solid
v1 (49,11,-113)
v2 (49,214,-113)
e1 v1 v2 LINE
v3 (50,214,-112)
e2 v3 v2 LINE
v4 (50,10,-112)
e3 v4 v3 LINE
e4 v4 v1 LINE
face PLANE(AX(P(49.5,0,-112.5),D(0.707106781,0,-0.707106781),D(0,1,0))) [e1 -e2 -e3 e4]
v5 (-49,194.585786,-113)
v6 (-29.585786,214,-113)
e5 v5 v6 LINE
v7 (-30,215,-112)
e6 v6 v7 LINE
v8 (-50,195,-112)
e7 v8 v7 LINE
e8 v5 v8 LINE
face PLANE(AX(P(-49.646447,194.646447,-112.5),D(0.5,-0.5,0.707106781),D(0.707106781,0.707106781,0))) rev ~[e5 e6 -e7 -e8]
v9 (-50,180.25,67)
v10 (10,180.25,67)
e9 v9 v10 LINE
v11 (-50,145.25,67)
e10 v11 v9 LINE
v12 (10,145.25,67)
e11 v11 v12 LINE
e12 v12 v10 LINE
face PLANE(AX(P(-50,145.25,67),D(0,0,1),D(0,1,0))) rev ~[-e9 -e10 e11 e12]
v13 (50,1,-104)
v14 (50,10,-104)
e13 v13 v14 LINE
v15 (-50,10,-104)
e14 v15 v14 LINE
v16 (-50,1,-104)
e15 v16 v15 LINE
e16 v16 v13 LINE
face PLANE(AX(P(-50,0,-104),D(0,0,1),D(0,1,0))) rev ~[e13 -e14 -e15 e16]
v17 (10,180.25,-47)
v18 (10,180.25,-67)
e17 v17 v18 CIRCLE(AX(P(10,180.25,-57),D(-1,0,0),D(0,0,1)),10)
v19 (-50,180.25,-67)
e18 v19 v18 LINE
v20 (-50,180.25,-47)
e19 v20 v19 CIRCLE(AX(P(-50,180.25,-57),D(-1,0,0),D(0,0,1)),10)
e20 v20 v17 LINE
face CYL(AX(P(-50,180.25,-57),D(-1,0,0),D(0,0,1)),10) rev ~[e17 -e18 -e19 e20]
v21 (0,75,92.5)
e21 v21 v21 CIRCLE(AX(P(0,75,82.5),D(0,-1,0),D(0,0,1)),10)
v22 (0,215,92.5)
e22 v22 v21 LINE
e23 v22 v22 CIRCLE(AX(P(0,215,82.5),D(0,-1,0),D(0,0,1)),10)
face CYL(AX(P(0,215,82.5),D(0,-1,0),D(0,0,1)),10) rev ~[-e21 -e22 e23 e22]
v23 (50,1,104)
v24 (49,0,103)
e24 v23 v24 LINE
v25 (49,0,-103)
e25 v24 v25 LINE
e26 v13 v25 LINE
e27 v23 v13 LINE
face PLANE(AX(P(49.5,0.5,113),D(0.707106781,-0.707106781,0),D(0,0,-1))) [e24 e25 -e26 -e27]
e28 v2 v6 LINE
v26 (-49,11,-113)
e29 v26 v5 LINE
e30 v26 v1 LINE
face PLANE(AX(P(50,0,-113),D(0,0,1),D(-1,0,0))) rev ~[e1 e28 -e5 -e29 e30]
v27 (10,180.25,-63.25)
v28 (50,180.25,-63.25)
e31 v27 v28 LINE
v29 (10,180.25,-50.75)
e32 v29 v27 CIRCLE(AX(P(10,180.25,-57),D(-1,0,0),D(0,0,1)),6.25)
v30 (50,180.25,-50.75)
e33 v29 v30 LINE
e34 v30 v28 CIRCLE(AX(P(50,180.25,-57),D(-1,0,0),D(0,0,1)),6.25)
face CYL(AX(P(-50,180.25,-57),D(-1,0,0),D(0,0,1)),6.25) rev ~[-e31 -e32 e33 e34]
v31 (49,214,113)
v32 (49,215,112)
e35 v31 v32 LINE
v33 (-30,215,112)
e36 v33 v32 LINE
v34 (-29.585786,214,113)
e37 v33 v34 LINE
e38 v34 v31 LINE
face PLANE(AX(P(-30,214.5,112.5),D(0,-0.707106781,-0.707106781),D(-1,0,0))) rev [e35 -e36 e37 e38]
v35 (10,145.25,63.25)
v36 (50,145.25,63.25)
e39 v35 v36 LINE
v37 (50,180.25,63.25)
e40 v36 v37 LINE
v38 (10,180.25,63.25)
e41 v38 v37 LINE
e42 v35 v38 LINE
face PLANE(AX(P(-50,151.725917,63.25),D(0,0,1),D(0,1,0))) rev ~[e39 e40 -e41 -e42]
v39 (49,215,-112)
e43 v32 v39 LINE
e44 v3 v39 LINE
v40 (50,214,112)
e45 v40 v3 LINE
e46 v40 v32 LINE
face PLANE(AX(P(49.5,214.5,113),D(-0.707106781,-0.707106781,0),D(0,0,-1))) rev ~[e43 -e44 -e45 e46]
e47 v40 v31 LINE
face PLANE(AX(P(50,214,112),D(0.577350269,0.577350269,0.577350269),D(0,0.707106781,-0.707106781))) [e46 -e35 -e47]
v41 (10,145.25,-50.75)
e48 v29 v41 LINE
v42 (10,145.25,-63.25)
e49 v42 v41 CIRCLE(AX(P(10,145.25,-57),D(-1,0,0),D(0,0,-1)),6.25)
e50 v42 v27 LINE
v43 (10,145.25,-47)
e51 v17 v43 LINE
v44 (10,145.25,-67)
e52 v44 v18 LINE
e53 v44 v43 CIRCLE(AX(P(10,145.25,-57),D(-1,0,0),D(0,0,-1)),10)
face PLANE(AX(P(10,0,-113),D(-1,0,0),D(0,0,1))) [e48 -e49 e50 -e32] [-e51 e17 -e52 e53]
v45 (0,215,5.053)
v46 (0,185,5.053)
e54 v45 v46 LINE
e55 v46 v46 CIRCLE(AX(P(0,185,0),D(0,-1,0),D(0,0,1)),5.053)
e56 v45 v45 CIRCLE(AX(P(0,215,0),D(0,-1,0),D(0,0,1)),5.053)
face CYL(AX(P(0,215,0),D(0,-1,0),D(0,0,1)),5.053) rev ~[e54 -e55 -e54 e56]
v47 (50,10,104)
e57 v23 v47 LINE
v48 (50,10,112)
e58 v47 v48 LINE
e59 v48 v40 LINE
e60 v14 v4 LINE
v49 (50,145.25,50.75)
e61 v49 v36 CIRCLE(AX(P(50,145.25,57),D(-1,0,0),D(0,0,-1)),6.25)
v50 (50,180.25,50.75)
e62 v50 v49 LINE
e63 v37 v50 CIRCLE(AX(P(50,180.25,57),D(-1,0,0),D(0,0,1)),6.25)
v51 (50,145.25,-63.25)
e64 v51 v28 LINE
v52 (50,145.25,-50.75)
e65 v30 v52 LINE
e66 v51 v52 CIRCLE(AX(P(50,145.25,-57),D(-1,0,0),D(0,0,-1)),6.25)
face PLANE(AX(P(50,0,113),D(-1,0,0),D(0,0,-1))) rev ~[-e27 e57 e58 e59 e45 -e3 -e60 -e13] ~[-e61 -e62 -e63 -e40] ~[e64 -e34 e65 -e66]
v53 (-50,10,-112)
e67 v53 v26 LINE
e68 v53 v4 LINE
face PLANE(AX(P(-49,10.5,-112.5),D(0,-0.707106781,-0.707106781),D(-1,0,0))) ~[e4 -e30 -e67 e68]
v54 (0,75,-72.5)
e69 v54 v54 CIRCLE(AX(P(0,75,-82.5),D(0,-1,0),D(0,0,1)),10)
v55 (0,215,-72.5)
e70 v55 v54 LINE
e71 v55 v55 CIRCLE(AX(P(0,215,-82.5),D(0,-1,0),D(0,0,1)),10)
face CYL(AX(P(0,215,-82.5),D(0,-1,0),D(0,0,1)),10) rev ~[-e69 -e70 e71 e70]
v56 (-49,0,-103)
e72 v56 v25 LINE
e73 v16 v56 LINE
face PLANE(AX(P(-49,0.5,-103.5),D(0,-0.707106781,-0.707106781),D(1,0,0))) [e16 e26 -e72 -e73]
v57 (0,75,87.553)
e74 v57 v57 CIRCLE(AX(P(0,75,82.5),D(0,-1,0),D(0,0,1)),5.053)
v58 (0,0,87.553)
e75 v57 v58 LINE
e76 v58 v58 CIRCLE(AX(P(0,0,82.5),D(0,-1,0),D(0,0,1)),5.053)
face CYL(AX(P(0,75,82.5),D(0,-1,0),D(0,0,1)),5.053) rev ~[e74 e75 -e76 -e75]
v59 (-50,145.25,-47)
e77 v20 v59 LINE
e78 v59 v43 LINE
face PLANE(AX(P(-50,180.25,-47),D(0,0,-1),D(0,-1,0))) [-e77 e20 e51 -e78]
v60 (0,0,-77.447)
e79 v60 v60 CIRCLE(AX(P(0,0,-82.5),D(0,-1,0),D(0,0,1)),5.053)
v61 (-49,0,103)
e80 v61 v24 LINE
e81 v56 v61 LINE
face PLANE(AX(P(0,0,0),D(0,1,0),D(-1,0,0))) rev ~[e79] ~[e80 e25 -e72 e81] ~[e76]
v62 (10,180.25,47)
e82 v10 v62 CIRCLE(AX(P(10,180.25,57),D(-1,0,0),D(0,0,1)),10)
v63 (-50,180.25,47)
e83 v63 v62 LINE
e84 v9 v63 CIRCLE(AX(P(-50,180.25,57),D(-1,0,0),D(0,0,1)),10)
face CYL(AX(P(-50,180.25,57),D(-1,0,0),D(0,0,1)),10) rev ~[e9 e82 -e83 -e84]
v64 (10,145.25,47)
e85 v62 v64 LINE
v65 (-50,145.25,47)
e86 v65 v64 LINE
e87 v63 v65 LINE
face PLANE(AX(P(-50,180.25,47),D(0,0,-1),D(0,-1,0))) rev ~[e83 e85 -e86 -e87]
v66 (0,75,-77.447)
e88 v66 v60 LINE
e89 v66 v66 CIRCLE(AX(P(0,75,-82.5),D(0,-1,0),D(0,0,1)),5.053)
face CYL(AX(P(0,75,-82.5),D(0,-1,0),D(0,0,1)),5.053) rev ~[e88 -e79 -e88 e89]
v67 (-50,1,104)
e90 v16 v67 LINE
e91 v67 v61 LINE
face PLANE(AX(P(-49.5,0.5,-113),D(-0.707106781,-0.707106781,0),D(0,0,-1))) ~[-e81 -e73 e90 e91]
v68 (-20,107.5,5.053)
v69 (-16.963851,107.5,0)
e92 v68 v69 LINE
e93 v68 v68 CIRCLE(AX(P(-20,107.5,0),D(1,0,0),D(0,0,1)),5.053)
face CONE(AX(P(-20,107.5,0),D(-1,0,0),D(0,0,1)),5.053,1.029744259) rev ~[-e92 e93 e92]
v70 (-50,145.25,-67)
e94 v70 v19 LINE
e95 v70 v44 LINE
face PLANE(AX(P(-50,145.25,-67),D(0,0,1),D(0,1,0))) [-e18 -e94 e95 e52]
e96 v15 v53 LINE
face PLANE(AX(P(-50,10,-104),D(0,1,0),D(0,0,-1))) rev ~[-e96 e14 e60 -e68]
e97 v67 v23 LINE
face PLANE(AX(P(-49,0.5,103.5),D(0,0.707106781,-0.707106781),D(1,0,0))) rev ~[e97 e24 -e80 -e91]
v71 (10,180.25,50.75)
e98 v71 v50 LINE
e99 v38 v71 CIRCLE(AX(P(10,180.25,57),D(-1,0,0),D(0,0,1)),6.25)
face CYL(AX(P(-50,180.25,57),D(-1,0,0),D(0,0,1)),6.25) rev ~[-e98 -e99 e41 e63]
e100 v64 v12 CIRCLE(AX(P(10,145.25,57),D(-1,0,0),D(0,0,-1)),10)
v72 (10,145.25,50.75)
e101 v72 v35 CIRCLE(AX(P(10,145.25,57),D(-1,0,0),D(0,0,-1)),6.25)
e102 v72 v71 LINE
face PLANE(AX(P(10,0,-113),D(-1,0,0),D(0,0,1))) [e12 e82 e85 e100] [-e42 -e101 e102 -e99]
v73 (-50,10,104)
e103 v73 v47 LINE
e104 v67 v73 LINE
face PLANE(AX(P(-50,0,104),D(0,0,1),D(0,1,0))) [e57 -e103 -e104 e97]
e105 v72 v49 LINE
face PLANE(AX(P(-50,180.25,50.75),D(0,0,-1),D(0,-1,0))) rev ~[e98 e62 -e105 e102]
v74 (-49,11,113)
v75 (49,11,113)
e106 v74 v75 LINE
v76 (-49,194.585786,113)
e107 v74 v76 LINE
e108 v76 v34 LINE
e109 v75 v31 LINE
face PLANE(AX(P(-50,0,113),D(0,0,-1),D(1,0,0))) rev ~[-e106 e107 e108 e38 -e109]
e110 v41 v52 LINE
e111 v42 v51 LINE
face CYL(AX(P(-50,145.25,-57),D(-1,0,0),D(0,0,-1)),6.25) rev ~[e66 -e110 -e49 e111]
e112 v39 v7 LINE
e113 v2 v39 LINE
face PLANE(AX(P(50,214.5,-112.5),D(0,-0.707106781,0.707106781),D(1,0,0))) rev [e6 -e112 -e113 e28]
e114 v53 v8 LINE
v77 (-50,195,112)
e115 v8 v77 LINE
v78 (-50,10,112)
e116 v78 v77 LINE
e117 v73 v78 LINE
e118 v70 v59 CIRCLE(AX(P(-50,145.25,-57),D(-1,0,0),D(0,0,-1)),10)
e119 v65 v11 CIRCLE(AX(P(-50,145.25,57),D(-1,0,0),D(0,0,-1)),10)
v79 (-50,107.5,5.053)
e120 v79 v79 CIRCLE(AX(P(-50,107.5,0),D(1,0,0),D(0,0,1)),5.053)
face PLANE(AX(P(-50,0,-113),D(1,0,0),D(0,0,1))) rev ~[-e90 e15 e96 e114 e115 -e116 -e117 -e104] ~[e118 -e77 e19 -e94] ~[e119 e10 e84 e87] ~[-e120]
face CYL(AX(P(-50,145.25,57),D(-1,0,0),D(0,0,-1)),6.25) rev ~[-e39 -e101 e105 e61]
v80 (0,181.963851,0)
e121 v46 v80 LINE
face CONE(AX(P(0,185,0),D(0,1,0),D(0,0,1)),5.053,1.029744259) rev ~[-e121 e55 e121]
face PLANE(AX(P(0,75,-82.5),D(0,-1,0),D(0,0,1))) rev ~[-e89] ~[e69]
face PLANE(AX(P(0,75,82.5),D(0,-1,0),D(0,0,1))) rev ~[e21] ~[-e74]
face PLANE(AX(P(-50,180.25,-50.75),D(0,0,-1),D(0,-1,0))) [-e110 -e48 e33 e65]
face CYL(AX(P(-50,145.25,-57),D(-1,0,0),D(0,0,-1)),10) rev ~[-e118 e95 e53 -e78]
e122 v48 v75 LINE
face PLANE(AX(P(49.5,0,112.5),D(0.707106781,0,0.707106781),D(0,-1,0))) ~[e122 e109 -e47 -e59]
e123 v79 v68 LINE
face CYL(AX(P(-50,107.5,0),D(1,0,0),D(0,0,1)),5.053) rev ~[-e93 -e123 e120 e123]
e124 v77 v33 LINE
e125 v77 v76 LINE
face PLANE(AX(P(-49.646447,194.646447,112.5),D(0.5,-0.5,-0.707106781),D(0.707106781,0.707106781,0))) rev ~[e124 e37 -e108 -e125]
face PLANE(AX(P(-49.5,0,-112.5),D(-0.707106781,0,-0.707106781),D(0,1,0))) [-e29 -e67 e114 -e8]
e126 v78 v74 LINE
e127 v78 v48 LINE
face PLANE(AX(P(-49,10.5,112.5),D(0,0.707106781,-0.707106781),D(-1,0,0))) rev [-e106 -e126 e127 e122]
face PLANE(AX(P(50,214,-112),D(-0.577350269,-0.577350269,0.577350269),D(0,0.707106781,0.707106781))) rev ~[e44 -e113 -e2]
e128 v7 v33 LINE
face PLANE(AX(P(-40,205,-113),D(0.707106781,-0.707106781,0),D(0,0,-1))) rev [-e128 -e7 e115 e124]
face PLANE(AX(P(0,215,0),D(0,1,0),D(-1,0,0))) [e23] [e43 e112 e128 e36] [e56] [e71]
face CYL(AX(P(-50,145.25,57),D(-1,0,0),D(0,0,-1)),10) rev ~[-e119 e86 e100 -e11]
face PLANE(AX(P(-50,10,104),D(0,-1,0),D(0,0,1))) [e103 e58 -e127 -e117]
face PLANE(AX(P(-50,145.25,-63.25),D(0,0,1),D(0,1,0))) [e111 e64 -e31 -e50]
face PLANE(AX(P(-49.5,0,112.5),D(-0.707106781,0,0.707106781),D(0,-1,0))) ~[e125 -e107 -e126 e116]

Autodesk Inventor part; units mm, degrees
ref_plane "YZ Plane" through (0, 0, 0) normal (1, 0, 0) x (0, 1, 0)
ref_plane "XZ Plane" through (0, 0, 0) normal (0, 1, 0) x (-1, 0, 0)
ref_plane "XY Plane" through (0, 0, 0) normal (0, 0, 1) x (1, 0, 0)
sketch "Sketch5" plane through (0, 0, 0) normal (0, 1, 0) x (-1, 0, 0)
  line L0 (50, 113) -> (-50, 113)
  line L1 (-50, 113) -> (-50, -113)
  line L2 (-50, -113) -> (50, -113)
  line L3 (50, -113) -> (50, 113)
  point P0 (0, 0)
  point P1 (50, 0)
  point P2 (0, 113)
  dimension "d8" = 100
  dimension "d9" = 226
extrude "Extrusion5" add sketch "Sketch5" along normal blind 215
sketch "Sketch9" plane through (-50, 0, -113) normal (-1, 0, 0) x (0, 0, 1)
  line L0 (0, 215) -> (226, 215) projected
  line L1 (170, 180.25) -> (170, 145.25) construction
  line L2 (163.75, 180.25) -> (163.75, 145.25)
  line L3 (176.25, 145.25) -> (176.25, 180.25)
  arc A0 (176.25, 180.25) -> (163.75, 180.25) centre (170, 180.25) ccw
  arc A1 (163.75, 145.25) -> (176.25, 145.25) centre (170, 145.25) ccw
  line L4 (113, 215) -> (113, 186.8149) construction
  line L5 (56, 180.25) -> (56, 145.25) construction
  line L6 (62.25, 180.25) -> (62.25, 145.25)
  line L7 (49.75, 145.25) -> (49.75, 180.25)
  arc A2 (62.25, 180.25) -> (49.75, 180.25) centre (56, 180.25) ccw
  arc A3 (49.75, 145.25) -> (62.25, 145.25) centre (56, 145.25) ccw
  line L8 (180, 145.25) -> (180, 180.25)
  arc A4 (180, 180.25) -> (160, 180.25) centre (170, 180.25) ccw
  line L9 (160, 180.25) -> (160, 145.25)
  arc A5 (160, 145.25) -> (180, 145.25) centre (170, 145.25) ccw
  line L10 (46, 145.25) -> (46, 180.25)
  arc A6 (66, 180.25) -> (46, 180.25) centre (56, 180.25) ccw
  line L11 (66, 180.25) -> (66, 145.25)
  arc A7 (46, 145.25) -> (66, 145.25) centre (56, 145.25) ccw
  circle A8 centre (170, 145.25) radius 9
  point P0 (113, 0)
  point P1 (170, 162.75)
  point P2 (56, 162.75)
  dimension "d41" = 34.75
  dimension "d42" = 35
  dimension "d44" = 114
  dimension "d45" = 57
  dimension "d46" = 12.5
  dimension "d47" = 20
  dimension "d93" = 18
extrude "Extrusion7" cut sketch "Sketch9" against normal through all contours A0 L3 A8 L2 | A8 L3 A1 L2 | L6 A3 L7 A2 picked at (169.6717, 148.232)
extrude "Extrusion8" cut sketch "Sketch9" against normal blind 60 contours L2 A1 L3 A8 | A5 L9 A4 L8 | L10 A6 L11 A7 picked at (163.2862, 148.9936)
chamfer "Chamfer4" distance 20 angle 45 1 edges at (-50, 215, 0)
sketch "Sketch10" plane through (0, 215, 0) normal (0, 1, 0) x (1, 0, 0)
  circle A0 centre (0, -82.5) radius 6
  circle A1 centre (0, 82.5) radius 6
  circle A2 centre (0, -82.5) radius 10
  circle A3 centre (0, 82.5) radius 10
  line L0 (50, -113) -> (50, 113) projected
  line L1 (-50, -113) -> (50, -113) projected
  point P0 (0, 0)
  point P1 (0, -113)
  dimension "d55" = 165
  dimension "d56" = 82.5
  dimension "d57" = 12
  dimension "d58" = 20
  dimension "d92" = 50
hole "Hole2" at (0, 215, 82.5) at (0, 215, -82.5) direction (0, -1, 0) diameter 20 depth 140
sketch "Sketch11" plane through (0, 75, -82.5) normal (0, 1, 0) x (1, 0, 0)
  circle A0 centre (0, 0) radius 10 projected
  circle A1 centre (0, 0) radius 6
  circle A2 centre (0, -165) radius 6
  circle A3 centre (0, -165) radius 10 projected
  circle A4 centre (0, 0) radius 10 projected
  point P0 (0, -82.5)
  dimension "d66" = 12
hole "Hole3" at (0, 75, -82.5) at (0, 75, 82.5) direction (0, -1, 0) diameter 10.106 end through all thread size "M12x1.75" class "6H" standard "ISO Metric profile"
sketch "Sketch12" plane through (0, 215, 0) normal (0, 1, 0) x (1, 0, 0)
  circle A0 centre (0, -82.5) radius 10 projected
  line L0 (50, -113) -> (50, 113) projected
  circle A1 centre (0, 0) radius 6
  point P0 (50, 0)
  dimension "d74" = 12
hole "Hole4" at (0, 215, 0) direction (0, -1, 0) diameter 10.106 depth 30 tip angle 118 thread size "M12x1.75" class "6H" standard "ANSI Metric M Profile"
sketch "Sketch13" plane through (-50, 0, -113) normal (-1, 0, 0) x (0, 0, 1)
  line L0 (0, 0) -> (226, 0) projected
  circle A0 centre (113, 107.5) radius 6
  line L1 (0, 0) -> (0, 215) projected
  line L2 (226, 215) -> (0, 215) projected
  point P0 (113, 0)
  point P1 (0, 107.5)
  point P2 (113, 0)
  dimension "d82" = 12
  dimension "d83" = 107.5
hole "Hole5" at (-50, 107.5, 0) direction (1, 0, 0) diameter 10.106 depth 30 tip angle 118 thread size "M12x1.75" class "6H" standard "ANSI Metric M Profile"
chamfer "Chamfer5" distance 1 angle 45 13 edges at (-50, 97.5, 113) (-40, 205, 113) (10, 215, 113) (10, 215, -113) (-40, 205, -113) (-50, 97.5, -113) (0, 0, -113) (0, 0, 113) (50, 107.5, 113) (50, 107.5, -113) (50, 215, 0) (50, 0, 0) (-50, 0, 0)
sketch "Sketch14" plane through (-50, 1, -112) normal (-1, 0, 0) x (0, 0, 1)
  line L0 (225, -1) -> (216, -1)
  line L1 (216, -1) -> (216, 9)
  line L2 (216, 9) -> (225, 9)
  line L3 (225, 9) -> (225, -1)
  line L4 (225, 0) -> (225, 193.5858) projected
  line L5 (0, -1) -> (224, -1) projected
  line L6 (112, -1) -> (112, -17.0176) construction
  line L7 (-1, -1) -> (8, -1)
  line L8 (8, -1) -> (8, 9)
  line L9 (8, 9) -> (-1, 9)
  line L10 (-1, 9) -> (-1, -1)
  point P0 (-1, 0)
  dimension "d97" = 10
  dimension "d98" = 9
extrude "Extrusion9" cut sketch "Sketch14" against normal through all
chamfer "Chamfer6" distance 1 angle 45 4 edges at (0, 10, 113) (0, 0, 104) (0, 0, -104) (0, 10, -113)
equation "\"d56\" = 0.5 * d55"
properties part number "BC-10009" material "Aço Carbono AISI 1006"
